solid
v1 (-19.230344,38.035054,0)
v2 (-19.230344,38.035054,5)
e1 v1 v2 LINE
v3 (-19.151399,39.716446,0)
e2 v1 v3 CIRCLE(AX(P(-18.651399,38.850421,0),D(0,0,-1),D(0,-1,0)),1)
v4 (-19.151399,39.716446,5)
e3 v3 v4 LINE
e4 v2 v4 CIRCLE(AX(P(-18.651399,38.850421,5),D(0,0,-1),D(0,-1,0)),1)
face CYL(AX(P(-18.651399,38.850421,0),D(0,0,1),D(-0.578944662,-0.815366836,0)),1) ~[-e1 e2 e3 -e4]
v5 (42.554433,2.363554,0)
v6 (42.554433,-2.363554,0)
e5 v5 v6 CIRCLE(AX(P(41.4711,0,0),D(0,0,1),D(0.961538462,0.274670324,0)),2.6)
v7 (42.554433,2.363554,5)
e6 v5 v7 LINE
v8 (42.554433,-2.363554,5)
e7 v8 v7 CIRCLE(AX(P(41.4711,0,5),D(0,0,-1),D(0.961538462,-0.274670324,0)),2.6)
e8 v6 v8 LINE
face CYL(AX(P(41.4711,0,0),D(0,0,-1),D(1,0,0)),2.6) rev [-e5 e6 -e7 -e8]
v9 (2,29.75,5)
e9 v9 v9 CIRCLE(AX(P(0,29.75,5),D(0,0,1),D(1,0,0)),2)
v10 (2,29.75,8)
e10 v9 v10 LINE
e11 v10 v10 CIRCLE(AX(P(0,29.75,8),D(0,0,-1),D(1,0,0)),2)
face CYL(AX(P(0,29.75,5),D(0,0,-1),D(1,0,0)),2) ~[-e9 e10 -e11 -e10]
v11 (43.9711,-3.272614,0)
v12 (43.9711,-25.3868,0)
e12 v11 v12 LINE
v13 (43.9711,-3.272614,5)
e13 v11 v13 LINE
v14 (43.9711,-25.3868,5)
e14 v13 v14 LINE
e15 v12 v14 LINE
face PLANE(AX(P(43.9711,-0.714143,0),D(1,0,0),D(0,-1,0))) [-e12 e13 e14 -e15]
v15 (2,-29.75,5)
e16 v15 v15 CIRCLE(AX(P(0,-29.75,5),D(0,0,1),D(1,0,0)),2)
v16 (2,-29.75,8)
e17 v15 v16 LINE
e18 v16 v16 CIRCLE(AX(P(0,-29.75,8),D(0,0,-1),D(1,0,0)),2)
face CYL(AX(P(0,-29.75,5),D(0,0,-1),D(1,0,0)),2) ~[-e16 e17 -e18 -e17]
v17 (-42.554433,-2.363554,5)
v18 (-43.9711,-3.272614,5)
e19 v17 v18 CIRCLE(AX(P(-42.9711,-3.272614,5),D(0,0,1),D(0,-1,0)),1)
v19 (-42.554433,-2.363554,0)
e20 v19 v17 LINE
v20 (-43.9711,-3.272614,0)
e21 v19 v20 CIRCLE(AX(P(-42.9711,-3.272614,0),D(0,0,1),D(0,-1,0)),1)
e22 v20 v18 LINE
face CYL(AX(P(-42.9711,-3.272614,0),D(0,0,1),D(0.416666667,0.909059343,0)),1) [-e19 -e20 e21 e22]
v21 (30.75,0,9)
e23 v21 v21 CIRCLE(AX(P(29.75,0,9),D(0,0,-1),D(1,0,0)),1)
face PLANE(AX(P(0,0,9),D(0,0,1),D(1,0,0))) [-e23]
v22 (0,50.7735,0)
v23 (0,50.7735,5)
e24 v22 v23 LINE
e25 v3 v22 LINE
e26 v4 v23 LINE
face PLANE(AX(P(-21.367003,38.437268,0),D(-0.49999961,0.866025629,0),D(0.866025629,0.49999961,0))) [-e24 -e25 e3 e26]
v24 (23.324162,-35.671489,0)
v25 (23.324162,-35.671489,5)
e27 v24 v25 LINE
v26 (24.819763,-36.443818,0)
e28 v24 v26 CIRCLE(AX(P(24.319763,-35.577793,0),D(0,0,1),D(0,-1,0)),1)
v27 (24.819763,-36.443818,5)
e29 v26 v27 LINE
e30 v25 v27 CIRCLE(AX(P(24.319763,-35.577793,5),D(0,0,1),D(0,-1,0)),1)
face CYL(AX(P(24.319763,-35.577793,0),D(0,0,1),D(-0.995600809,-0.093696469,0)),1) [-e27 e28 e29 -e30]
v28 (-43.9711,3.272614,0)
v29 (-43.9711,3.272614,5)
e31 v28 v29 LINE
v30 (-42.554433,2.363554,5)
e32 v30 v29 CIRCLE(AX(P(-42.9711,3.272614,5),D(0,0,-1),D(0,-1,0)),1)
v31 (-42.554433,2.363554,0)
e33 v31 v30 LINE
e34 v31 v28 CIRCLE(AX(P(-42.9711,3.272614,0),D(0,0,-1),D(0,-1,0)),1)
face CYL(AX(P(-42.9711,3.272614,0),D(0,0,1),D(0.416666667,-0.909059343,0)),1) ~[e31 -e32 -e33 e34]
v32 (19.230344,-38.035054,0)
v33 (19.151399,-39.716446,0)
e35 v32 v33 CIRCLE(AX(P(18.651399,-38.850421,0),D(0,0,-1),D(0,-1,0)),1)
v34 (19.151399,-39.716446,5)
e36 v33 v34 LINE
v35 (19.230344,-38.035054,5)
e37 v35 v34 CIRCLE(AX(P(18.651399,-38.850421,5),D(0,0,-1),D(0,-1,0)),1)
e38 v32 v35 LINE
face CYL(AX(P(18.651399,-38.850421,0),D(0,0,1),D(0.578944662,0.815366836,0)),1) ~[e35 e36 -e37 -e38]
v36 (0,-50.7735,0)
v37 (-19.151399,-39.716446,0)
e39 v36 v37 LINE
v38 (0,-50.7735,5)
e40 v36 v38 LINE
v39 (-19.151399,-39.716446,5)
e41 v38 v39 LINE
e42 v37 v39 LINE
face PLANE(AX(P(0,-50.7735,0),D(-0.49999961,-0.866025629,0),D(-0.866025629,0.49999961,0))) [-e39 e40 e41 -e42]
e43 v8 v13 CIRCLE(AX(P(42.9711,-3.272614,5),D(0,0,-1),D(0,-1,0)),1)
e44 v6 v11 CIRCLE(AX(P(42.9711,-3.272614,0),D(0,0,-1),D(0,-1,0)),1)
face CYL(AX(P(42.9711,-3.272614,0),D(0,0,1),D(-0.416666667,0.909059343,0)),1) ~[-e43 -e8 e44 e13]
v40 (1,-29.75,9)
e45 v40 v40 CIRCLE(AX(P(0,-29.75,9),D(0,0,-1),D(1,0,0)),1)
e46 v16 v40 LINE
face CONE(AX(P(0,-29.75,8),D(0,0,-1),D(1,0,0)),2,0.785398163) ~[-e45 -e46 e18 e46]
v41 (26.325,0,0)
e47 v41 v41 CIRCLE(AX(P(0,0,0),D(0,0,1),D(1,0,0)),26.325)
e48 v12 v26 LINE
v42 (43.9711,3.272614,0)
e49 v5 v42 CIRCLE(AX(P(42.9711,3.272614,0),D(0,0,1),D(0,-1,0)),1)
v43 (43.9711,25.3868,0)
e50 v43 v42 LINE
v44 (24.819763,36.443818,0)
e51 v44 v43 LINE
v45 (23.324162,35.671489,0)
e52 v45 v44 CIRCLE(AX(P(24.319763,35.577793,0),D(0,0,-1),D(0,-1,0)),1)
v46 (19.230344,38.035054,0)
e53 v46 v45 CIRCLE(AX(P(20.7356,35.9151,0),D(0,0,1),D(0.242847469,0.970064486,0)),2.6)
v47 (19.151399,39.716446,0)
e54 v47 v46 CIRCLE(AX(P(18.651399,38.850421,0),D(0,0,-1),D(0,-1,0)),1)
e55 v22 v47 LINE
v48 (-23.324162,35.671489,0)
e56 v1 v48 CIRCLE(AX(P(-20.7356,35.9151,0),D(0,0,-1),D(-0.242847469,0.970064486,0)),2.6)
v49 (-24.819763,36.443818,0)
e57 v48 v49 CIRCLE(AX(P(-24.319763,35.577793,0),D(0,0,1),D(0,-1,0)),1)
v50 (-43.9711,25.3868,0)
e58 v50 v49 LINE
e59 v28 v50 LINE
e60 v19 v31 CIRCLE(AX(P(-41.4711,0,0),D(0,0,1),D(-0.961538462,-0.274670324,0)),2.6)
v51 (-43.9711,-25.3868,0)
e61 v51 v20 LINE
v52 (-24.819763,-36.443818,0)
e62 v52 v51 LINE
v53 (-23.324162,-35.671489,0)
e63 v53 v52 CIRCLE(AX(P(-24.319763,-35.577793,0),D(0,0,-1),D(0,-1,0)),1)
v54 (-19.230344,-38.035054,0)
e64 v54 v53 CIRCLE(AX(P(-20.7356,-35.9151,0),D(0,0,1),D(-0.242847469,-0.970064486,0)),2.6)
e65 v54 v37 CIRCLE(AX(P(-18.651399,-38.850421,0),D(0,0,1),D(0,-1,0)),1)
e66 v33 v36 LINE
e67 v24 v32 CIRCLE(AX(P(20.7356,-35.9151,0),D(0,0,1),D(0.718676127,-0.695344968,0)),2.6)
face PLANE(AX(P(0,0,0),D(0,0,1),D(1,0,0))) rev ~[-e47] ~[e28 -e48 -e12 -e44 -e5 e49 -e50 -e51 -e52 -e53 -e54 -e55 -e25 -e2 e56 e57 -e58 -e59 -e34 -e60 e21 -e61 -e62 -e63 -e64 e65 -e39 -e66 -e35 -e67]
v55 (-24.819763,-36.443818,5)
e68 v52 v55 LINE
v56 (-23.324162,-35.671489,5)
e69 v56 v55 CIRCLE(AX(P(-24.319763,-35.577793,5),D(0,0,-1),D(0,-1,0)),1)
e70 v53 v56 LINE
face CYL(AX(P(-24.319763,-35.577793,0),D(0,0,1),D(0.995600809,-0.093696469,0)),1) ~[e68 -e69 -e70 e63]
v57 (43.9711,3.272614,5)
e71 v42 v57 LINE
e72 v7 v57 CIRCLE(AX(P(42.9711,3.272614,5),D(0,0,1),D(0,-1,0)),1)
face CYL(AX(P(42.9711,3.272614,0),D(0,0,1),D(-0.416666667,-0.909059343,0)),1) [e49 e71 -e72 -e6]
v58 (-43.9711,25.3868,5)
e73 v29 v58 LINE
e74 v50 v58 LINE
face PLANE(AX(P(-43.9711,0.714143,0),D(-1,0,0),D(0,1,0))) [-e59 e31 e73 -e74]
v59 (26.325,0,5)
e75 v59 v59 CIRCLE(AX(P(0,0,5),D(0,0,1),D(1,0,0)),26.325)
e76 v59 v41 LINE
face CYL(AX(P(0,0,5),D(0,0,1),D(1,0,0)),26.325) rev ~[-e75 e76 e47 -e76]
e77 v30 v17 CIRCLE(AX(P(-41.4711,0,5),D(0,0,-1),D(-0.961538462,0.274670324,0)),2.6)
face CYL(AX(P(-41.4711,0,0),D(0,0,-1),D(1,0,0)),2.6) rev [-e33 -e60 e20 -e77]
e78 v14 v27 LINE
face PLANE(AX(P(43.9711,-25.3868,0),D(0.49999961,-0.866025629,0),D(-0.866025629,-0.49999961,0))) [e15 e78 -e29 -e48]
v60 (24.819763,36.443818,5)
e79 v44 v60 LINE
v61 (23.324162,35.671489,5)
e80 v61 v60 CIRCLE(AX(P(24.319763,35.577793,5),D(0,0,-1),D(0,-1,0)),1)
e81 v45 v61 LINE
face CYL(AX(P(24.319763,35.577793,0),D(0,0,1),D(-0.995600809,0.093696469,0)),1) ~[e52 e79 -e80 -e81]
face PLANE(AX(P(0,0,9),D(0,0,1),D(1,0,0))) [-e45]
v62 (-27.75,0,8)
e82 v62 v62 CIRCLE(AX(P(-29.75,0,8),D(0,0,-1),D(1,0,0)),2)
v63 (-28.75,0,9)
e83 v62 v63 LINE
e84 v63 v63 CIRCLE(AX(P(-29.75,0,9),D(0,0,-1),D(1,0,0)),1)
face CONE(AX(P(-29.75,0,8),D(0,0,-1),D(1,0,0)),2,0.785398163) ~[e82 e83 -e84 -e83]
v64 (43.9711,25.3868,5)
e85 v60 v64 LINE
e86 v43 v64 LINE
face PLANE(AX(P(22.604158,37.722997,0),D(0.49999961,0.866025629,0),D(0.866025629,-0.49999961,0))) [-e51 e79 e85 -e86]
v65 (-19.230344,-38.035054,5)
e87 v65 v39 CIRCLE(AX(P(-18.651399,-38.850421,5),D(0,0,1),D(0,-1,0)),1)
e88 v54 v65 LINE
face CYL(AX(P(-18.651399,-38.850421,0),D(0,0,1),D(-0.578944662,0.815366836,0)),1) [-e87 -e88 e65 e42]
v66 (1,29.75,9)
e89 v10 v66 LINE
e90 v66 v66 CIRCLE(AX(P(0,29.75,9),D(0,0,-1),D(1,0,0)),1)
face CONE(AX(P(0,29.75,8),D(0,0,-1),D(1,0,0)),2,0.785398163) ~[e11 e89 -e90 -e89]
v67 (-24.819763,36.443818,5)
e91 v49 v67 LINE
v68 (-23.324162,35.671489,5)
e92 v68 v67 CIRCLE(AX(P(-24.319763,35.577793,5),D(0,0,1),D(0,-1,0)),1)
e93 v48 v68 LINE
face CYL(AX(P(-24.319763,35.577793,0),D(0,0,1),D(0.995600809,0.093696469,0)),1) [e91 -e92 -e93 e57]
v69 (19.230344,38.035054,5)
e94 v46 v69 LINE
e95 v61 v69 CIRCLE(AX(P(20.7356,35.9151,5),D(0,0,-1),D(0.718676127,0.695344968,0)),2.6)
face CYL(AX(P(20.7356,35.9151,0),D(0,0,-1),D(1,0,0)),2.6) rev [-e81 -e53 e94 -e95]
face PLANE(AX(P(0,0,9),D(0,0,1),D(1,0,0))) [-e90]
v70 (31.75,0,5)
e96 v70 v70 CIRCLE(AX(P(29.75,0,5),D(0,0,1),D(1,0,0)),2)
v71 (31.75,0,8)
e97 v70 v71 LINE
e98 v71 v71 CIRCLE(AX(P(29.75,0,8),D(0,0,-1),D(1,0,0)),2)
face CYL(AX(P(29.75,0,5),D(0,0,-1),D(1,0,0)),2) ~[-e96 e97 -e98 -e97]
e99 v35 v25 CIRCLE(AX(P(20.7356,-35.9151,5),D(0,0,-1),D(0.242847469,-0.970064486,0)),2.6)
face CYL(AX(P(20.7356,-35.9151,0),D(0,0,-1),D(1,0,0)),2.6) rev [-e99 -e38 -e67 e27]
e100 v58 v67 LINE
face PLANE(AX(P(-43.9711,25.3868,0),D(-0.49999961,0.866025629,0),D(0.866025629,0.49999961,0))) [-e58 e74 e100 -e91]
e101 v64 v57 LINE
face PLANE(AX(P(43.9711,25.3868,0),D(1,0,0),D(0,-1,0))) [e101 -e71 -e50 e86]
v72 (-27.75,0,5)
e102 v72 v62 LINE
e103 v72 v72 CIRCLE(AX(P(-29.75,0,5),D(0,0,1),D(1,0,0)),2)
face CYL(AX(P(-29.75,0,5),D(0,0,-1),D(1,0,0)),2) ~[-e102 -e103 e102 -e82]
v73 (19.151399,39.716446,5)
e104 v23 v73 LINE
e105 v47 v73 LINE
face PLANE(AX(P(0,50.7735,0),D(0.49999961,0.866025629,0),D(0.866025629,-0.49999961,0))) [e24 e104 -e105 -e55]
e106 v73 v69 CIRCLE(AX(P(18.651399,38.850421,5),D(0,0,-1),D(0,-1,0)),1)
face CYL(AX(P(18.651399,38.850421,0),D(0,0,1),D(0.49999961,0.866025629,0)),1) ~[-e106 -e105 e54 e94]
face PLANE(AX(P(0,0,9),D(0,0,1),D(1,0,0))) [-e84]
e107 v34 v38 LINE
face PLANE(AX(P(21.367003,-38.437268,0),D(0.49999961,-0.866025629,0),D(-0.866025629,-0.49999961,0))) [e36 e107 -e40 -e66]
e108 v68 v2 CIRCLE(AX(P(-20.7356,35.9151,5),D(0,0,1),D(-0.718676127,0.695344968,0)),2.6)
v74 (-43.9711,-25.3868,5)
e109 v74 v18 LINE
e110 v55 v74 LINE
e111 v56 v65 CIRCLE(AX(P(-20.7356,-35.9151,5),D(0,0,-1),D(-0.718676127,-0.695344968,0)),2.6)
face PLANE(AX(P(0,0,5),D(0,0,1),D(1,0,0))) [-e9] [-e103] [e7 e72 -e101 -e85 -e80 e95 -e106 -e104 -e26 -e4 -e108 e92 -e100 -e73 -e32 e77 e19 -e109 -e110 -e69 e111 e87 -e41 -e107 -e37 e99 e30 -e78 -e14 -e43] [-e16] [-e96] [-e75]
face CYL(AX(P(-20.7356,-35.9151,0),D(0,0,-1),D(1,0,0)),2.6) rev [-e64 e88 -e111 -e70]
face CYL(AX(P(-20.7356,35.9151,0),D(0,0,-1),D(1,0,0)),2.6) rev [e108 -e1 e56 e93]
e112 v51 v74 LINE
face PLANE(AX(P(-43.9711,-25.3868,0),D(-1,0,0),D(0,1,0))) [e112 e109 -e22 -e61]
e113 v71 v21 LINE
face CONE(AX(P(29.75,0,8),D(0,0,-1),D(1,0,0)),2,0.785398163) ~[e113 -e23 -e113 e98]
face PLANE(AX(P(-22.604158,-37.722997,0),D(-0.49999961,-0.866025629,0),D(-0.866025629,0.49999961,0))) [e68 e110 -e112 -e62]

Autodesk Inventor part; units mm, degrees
ref_plane "YZ Plane" through (0, 0, 0) normal (1, 0, 0) x (0, 1, 0)
ref_plane "XZ Plane" through (0, 0, 0) normal (0, 1, 0) x (-1, 0, 0)
ref_plane "XY Plane" through (0, 0, 0) normal (0, 0, 1) x (1, 0, 0)
sketch "스케치1" plane through (0, 0, 0) normal (0, 0, 1) x (1, 0, 0)
  line L0 (0, 45) -> (38.9711, 22.5)
  line L1 (38.9711, 22.5) -> (38.9711, -22.5)
  line L2 (38.9711, -22.5) -> (0, -45)
  line L3 (0, -45) -> (-38.9711, -22.5)
  line L4 (-38.9711, -22.5) -> (-38.9711, 22.5)
  line L5 (-38.9711, 22.5) -> (0, 45)
  line L6 (0, 50.7735) -> (43.9711, 25.3868)
  line L7 (43.9711, 25.3868) -> (43.9711, -25.3868)
  line L8 (43.9711, -25.3868) -> (0, -50.7735)
  line L9 (0, -50.7735) -> (-43.9711, -25.3868)
  line L10 (-43.9711, -25.3868) -> (-43.9711, 25.3868)
  line L11 (-43.9711, 25.3868) -> (0, 50.7735)
  circle A0 centre (-41.4711, 0) radius 2.5 construction
  circle A1 centre (-41.4711, 0) radius 2.6
  circle A2 centre (-20.7356, -35.9151) radius 2.6
  circle A3 centre (20.7356, -35.9151) radius 2.6
  circle A4 centre (41.4711, 0) radius 2.6
  circle A5 centre (20.7356, 35.9151) radius 2.6
  circle A6 centre (-20.7356, 35.9151) radius 2.6
  point P0 (0, 0)
  point P1 (0, 0)
  point P2 (-22.604, 37.7231)
  point P3 (-43.9711, 0.7141)
  point P4 (-43.9711, -0.7141)
  point P5 (-22.604, -37.7231)
  point P6 (-21.3671, -38.4372)
  point P7 (21.3671, -38.4372)
  point P8 (22.604, -37.7231)
  point P9 (43.9711, -0.7141)
  point P10 (43.9711, 0.7141)
  point P11 (22.604, 37.7231)
  point P12 (21.3671, 38.4372)
  point P13 (-21.3671, 38.4372)
  dimension "d0" = 45
  dimension "d1" = 5
  dimension "d2" = 5
  dimension "d3" = 5.2
  dimension "d6" = 360
extrude "돌출1" add sketch "스케치1" along normal blind 5 contours L5 A6 L11 L6 A5 L0 | L0 A5 L1 A4 L2 A3 L3 A2 L4 A1 L5 A6 | A5 L6 L7 A4 L1 L0 | L5 L4 A1 L10 L11 A6 | A4 L7 L8 A3 L2 L1 | L4 L3 A2 L9 L10 A1 | A3 L8 L9 A2 L3 L2
fillet "모깎기1" radius 1 12 edges at (-22.604, 37.7231, 2.5) (-21.3671, 38.4372, 2.5) (-43.9711, 0.7141, 2.5) (-43.9711, -0.7141, 2.5) (-22.604, -37.7231, 2.5) (-21.3671, -38.4372, 2.5) (21.3671, -38.4372, 2.5) (22.604, -37.7231, 2.5) (43.9711, -0.7141, 2.5) (43.9711, 0.7141, 2.5) (21.3671, 38.4372, 2.5) (22.604, 37.7231, 2.5)
sketch "스케치2" plane through (0, 0, 5) normal (0, 0, 1) x (1, 0, 0)
  circle A0 centre (0, 0) radius 26.325
  dimension "d11" = 52.65
extrude "돌출2" cut sketch "스케치2" against normal through all
sketch "스케치3" plane through (0, 0, 5) normal (0, 0, 1) x (1, 0, 0)
  circle A0 centre (0, 0) radius 26.325 construction
  circle A1 centre (0, 0) radius 29.75
  circle A2 centre (0, 29.75) radius 2
  circle A3 centre (-29.75, 0) radius 2
  circle A4 centre (0, -29.75) radius 2
  circle A5 centre (29.75, 0) radius 2
  dimension "d14" = 59.5
  dimension "d15" = 4
  dimension "d18" = 360
extrude "돌출3" add sketch "스케치3" along normal blind 4 contours A1 A5 | A1 A5 | A2 A1 | A1 A2 | A4 A1 | A1 A4 | A3 A1 | A1 A3
chamfer "모따기1" distance 1 angle 45 4 edges at (-31.75, 0, 9) (-2, 29.75, 9) (27.75, 0, 9) (-2, -29.75, 9)
properties part number "inner_top"
